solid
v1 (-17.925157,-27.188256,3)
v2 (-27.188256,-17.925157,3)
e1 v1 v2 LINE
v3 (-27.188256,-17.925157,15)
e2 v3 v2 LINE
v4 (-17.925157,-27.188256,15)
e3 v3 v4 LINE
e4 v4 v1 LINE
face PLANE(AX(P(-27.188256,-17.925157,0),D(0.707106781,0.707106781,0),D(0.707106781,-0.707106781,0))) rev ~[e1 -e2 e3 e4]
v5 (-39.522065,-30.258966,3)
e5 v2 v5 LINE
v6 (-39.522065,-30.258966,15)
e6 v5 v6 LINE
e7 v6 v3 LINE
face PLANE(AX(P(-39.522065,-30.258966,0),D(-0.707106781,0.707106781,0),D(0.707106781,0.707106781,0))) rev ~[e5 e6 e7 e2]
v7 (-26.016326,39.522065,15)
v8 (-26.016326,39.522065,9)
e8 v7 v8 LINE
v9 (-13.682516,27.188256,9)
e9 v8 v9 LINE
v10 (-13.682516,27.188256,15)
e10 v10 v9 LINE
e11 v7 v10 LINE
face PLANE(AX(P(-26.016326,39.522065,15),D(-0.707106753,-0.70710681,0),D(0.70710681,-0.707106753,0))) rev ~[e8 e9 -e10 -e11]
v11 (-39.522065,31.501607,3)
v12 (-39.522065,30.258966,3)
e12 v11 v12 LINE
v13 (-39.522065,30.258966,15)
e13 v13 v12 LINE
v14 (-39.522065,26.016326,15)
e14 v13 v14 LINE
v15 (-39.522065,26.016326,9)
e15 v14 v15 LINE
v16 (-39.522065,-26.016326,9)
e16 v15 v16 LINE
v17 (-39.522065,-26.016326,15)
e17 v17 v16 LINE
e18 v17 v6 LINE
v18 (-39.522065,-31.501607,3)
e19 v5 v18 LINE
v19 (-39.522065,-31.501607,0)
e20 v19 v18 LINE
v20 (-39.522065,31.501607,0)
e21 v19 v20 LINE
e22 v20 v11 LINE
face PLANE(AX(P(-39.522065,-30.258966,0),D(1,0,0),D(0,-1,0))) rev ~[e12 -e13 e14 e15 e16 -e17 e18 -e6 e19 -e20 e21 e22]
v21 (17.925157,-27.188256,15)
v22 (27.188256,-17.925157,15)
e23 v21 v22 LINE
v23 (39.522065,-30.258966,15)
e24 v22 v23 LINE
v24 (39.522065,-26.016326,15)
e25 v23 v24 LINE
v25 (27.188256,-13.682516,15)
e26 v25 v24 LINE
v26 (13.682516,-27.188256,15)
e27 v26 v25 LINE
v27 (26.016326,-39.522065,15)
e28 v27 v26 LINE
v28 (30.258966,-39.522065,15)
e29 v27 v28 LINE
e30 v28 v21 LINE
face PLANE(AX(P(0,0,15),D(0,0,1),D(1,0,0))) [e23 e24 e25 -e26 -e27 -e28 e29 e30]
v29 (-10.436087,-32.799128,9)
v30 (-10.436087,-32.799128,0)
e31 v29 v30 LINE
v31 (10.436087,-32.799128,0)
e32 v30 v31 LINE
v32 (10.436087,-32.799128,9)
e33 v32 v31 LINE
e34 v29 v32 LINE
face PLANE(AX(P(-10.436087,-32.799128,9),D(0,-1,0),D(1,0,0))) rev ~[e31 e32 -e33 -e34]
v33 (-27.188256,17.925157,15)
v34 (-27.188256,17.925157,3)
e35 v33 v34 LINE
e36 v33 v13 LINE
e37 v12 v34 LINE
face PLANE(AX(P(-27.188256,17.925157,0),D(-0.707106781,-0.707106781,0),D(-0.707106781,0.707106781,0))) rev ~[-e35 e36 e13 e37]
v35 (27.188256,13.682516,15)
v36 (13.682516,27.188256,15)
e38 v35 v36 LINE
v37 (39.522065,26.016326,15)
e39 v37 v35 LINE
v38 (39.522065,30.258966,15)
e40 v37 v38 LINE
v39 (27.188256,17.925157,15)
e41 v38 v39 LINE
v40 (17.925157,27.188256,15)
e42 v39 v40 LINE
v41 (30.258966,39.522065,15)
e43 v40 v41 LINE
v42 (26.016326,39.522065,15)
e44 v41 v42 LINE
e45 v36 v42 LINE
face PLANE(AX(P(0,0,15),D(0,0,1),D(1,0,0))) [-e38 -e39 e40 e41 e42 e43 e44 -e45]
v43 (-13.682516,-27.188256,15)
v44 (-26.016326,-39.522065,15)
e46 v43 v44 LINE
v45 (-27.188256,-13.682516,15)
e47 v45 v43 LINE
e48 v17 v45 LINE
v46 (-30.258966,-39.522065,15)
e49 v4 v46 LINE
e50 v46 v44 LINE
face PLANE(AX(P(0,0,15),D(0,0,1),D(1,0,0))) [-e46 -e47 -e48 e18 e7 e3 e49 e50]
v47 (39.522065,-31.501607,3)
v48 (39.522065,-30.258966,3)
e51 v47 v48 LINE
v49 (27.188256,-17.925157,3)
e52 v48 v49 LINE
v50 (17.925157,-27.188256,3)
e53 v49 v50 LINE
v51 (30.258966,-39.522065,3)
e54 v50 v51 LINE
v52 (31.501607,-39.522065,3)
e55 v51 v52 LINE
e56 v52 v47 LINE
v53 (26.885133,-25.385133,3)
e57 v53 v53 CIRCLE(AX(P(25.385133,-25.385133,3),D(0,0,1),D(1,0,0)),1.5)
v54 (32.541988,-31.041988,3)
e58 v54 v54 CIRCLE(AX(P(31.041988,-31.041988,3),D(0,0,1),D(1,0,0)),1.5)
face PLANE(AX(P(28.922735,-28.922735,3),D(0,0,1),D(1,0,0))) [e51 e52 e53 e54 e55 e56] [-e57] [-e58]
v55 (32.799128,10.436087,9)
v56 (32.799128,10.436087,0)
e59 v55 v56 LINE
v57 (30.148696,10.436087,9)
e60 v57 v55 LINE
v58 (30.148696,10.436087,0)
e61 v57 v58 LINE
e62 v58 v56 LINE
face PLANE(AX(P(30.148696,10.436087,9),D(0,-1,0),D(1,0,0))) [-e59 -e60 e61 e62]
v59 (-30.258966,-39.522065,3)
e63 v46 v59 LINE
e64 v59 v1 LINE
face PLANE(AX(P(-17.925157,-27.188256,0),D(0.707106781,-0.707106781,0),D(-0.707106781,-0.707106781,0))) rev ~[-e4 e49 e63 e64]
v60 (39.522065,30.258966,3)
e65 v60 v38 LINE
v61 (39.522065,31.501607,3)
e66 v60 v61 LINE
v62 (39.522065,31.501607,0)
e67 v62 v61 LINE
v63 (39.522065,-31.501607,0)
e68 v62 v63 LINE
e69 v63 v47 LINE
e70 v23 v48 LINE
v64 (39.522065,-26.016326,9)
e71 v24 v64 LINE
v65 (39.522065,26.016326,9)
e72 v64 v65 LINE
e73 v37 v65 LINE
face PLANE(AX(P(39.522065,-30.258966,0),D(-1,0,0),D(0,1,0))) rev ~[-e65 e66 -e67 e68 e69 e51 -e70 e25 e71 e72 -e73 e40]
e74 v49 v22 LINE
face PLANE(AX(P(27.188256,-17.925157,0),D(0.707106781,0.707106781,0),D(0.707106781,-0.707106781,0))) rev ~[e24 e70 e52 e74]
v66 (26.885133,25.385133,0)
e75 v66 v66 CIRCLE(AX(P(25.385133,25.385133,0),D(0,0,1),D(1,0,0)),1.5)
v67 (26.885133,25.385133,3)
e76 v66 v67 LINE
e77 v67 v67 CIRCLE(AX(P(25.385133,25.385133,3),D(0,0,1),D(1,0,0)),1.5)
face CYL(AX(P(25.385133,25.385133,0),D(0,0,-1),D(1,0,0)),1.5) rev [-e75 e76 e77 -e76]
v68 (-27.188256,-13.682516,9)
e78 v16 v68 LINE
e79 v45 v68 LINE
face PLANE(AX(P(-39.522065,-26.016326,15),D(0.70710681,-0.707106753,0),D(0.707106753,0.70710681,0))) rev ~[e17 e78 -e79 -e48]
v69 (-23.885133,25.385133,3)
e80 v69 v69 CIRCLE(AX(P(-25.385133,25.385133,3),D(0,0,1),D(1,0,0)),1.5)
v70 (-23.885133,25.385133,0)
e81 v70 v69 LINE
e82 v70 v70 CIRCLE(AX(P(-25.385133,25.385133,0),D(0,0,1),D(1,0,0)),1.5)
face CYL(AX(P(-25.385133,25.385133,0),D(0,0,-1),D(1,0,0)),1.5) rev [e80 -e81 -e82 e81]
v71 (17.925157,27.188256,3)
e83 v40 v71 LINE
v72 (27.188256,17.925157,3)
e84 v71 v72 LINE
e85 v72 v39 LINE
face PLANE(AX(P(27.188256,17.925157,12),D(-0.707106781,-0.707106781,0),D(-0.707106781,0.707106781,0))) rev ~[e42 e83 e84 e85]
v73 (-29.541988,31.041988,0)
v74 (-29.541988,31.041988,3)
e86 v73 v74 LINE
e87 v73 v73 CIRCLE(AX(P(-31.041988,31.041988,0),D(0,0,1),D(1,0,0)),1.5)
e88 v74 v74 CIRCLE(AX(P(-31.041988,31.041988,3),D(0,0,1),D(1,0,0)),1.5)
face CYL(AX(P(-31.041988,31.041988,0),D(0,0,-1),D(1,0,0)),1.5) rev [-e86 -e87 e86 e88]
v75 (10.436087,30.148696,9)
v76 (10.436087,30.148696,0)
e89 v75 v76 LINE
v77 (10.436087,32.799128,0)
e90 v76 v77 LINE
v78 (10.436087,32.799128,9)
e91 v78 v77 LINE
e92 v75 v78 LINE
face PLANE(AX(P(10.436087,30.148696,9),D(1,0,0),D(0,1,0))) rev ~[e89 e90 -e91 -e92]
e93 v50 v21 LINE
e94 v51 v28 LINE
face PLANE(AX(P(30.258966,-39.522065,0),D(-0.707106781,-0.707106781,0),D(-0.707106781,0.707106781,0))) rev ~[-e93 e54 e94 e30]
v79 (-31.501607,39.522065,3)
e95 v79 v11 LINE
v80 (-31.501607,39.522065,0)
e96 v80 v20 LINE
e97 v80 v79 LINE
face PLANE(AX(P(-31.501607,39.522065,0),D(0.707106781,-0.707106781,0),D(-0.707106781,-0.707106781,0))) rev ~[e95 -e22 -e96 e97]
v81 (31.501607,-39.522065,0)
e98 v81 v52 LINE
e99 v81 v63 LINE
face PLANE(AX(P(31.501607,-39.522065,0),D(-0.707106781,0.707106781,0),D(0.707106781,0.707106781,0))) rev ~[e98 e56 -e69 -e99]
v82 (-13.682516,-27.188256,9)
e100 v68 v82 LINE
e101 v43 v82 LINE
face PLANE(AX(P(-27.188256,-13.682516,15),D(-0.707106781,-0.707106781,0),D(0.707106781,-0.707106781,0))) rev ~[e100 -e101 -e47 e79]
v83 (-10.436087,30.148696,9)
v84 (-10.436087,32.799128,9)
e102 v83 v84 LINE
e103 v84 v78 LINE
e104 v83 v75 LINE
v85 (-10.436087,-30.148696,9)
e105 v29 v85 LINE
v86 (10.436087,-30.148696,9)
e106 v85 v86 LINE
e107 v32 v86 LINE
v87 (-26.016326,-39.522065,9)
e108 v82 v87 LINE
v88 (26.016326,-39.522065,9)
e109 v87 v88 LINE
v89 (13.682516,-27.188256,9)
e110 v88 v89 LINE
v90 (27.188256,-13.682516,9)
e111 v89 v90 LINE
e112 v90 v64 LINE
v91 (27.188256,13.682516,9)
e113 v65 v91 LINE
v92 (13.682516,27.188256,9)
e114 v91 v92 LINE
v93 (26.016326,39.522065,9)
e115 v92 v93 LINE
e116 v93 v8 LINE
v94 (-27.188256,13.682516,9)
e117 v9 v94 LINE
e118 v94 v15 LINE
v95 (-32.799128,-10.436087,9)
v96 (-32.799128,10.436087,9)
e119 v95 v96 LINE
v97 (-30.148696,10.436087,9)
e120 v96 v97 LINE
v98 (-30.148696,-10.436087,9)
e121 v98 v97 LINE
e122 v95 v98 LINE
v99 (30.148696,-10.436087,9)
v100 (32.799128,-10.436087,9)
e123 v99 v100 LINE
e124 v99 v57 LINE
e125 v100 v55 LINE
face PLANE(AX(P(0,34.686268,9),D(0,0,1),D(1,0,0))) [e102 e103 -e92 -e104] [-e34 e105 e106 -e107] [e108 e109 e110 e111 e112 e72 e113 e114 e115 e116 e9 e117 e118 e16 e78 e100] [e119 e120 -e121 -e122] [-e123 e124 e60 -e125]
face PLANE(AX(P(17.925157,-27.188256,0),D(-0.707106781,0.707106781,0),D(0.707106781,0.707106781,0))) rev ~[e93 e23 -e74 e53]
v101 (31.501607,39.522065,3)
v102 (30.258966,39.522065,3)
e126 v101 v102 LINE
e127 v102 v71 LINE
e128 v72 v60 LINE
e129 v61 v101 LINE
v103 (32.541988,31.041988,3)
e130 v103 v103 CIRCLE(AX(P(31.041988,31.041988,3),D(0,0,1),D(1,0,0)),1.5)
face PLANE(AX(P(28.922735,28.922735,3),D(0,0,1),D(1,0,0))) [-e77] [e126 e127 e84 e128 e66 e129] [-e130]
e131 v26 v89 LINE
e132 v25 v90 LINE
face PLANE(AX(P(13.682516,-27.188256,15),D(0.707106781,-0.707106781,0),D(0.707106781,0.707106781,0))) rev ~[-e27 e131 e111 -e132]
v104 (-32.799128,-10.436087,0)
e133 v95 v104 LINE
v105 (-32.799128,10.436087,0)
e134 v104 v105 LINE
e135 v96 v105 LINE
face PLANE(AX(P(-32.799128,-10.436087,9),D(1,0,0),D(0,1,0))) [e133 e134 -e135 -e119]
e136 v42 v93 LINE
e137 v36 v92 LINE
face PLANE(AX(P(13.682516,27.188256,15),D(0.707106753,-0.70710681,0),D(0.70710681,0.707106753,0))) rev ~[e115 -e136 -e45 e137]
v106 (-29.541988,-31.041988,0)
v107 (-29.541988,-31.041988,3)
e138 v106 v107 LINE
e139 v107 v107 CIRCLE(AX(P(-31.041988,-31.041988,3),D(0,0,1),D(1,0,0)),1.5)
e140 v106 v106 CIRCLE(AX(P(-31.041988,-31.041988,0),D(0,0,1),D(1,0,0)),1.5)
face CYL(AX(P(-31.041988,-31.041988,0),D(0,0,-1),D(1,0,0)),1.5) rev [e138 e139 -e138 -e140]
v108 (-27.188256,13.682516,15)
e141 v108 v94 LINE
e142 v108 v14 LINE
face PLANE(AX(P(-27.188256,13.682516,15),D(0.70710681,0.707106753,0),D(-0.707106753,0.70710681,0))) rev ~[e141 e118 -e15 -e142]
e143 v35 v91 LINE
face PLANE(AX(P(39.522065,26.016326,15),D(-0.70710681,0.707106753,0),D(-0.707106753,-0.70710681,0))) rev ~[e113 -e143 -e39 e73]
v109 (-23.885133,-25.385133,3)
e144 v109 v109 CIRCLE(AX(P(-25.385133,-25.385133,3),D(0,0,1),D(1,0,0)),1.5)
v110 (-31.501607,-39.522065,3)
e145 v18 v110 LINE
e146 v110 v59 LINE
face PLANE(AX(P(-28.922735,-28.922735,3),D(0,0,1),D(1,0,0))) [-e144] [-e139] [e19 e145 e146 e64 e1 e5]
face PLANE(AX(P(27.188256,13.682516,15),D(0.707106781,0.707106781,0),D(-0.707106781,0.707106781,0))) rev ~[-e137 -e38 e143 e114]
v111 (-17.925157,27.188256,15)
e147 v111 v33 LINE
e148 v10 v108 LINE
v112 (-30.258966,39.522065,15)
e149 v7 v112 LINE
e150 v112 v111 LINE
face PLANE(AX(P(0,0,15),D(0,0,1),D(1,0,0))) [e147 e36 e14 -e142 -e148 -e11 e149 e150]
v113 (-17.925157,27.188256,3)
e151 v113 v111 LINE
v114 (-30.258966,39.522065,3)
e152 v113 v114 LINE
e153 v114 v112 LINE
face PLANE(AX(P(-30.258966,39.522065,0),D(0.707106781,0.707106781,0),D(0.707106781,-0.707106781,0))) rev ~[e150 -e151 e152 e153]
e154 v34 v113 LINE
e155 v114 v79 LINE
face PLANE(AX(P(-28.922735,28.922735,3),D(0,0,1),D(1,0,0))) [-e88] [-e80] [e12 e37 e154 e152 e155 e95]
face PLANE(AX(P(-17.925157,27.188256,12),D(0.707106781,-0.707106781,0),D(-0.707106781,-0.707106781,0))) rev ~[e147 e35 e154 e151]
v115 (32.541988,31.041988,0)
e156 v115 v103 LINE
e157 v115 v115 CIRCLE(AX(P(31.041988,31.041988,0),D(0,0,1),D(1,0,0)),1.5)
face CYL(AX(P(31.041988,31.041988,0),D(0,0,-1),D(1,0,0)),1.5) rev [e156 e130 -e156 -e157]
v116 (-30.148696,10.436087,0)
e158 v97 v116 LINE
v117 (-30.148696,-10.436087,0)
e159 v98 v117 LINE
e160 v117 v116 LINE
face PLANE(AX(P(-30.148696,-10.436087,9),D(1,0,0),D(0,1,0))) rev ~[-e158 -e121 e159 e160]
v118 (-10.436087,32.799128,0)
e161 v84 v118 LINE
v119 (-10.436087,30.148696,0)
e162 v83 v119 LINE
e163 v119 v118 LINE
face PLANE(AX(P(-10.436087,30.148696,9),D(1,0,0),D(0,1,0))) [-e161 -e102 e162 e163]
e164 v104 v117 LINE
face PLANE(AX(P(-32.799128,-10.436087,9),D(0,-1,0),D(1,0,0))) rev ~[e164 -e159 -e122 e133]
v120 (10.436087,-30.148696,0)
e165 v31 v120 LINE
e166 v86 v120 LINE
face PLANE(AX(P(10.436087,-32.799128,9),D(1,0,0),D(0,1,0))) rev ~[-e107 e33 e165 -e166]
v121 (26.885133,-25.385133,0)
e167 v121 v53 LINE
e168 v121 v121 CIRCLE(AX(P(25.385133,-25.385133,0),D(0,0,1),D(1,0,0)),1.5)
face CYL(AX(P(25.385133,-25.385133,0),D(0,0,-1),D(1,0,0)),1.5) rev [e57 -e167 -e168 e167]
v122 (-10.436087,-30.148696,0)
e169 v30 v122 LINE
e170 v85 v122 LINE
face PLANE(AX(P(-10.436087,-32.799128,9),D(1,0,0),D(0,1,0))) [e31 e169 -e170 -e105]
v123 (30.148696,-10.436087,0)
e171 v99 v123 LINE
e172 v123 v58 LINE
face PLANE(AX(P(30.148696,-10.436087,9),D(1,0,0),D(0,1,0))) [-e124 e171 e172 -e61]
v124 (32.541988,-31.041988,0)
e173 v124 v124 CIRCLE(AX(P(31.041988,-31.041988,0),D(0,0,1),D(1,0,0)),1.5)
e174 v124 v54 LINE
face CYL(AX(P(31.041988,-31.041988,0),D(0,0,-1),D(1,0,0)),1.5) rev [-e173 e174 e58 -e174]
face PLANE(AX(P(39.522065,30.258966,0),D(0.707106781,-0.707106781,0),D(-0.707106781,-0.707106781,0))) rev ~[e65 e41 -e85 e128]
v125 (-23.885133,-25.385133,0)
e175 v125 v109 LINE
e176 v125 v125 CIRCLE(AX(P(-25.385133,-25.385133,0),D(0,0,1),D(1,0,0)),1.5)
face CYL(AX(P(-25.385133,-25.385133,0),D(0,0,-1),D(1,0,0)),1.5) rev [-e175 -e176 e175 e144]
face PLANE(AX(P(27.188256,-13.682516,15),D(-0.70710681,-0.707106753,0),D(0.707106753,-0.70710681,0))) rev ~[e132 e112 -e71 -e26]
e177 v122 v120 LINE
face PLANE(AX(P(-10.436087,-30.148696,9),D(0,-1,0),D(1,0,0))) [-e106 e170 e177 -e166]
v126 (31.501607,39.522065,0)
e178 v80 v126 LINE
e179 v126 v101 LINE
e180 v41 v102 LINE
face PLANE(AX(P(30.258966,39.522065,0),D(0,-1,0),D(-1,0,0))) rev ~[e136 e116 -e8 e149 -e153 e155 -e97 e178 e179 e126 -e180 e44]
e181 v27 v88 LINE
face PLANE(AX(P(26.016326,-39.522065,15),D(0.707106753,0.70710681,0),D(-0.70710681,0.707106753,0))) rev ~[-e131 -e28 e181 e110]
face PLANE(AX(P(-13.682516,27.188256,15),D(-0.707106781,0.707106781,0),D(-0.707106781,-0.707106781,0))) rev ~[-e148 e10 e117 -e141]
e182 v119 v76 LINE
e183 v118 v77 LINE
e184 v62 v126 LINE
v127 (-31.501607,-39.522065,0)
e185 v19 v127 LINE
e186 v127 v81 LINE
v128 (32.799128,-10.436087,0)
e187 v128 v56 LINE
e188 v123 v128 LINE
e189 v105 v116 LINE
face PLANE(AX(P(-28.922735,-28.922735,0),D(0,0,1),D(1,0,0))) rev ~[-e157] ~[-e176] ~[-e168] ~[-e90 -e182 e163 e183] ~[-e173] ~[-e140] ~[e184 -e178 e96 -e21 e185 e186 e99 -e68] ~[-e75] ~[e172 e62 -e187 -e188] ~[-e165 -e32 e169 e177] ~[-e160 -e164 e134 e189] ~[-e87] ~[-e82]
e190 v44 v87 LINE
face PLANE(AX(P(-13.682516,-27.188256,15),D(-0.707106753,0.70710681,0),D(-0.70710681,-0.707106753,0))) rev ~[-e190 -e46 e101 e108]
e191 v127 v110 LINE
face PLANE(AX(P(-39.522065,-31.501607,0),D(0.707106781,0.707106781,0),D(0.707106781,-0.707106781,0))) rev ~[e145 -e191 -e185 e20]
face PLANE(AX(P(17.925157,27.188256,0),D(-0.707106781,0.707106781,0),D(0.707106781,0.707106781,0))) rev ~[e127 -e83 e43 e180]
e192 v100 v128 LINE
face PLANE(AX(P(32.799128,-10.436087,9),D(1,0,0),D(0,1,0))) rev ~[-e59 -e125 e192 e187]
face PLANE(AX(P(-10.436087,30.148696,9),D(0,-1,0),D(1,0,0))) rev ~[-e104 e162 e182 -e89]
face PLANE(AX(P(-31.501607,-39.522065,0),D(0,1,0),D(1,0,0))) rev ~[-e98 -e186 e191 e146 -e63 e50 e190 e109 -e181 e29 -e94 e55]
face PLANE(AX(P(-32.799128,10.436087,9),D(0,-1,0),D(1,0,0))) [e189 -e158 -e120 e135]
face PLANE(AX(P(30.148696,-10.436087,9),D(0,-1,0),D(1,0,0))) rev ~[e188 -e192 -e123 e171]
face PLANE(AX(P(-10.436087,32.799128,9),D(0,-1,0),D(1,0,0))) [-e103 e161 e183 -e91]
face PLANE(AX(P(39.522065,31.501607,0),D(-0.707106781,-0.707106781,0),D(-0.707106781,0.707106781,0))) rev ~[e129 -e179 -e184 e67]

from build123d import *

# Parameters (mm, degrees)
F1_DEPTH = 12
F0_R     = 1.5
F2_DEPTH = 3
F4_DEPTH = 6
F5_W     = 20.872174
F5_H     = 2.650432
F5_W_2   = 2.650432
F5_H_2   = 20.872174
F6_DEPTH = 9.001


with BuildPart() as f1:
    # F0 (on Top) → F1 (new body)
    with BuildSketch(Plane.XY):
        Polygon((36.522065, 27.258966), (27.188256, 17.925157), (17.925157, 27.188256), (27.258966, 36.522065), (30.258966, 39.522065), (27.258966, 39.522065), (0, 39.522065), (-27.258966, 39.522065), (-30.258966, 39.522065), (-27.258966, 36.522065), (-17.925157, 27.188256), (-27.188256, 17.925157), (-36.522065, 27.258966), (-39.522065, 30.258966), (-39.522065, 27.258966), (-39.522065, 0), (-39.522065, -27.258966), (-39.522065, -30.258966), (-36.522065, -27.258966), (-27.188256, -17.925157), (-17.925157, -27.188256), (-27.258966, -36.522065), (-30.258966, -39.522065), (-27.258966, -39.522065), (0, -39.522065), (27.258966, -39.522065), (30.258966, -39.522065), (27.258966, -36.522065), (17.925157, -27.188256), (27.188256, -17.925157), (36.522065, -27.258966), (39.522065, -30.258966), (39.522065, -27.258966), (39.522065, 0), (39.522065, 27.258966), (39.522065, 30.258966), align=None)
    extrude(amount=F1_DEPTH)

    # F0 (on Top) + F1_face (on face) → F2 (join)
    with BuildSketch(Plane.XY):
        Polygon((-31.501607, -39.522065), (-30.258966, -39.522065), (-27.258966, -36.522065), (-17.925157, -27.188256), (-27.188256, -17.925157), (-36.522065, -27.258966), (-39.522065, -30.258966), (-39.522065, -31.501607), align=None)
        with Locations((-31.041988, -31.041988)):
            Circle(F0_R, mode=Mode.SUBTRACT)
        with Locations((-25.385133, -25.385133)):
            Circle(F0_R, mode=Mode.SUBTRACT)
        Polygon((-27.258966, 36.522065), (-30.258966, 39.522065), (-31.501607, 39.522065), (-39.522065, 31.501607), (-39.522065, 30.258966), (-36.522065, 27.258966), (-27.188256, 17.925157), (-17.925157, 27.188256), align=None)
        with Locations((-25.385133, 25.385133)):
            Circle(F0_R, mode=Mode.SUBTRACT)
        with Locations((-31.041988, 31.041988)):
            Circle(F0_R, mode=Mode.SUBTRACT)
        Polygon((17.925157, 27.188256), (27.188256, 17.925157), (36.522065, 27.258966), (39.522065, 30.258966), (39.522065, 31.501607), (31.501607, 39.522065), (30.258966, 39.522065), (27.258966, 36.522065), align=None)
        with Locations((25.385133, 25.385133)):
            Circle(F0_R, mode=Mode.SUBTRACT)
        with Locations((31.041988, 31.041988)):
            Circle(F0_R, mode=Mode.SUBTRACT)
        Polygon((39.522065, -31.501607), (39.522065, -30.258966), (36.522065, -27.258966), (27.188256, -17.925157), (17.925157, -27.188256), (27.258966, -36.522065), (30.258966, -39.522065), (31.501607, -39.522065), align=None)
        with Locations((31.041988, -31.041988)):
            Circle(F0_R, mode=Mode.SUBTRACT)
        with Locations((25.385133, -25.385133)):
            Circle(F0_R, mode=Mode.SUBTRACT)
    with BuildSketch(Plane.XY.offset(12)):
        Polygon((27.188256, -17.925157), (39.522065, -30.258966), (39.522065, 30.258966), (27.188256, 17.925157), (17.925157, 27.188256), (30.258966, 39.522065), (-30.258966, 39.522065), (-17.925157, 27.188256), (-27.188256, 17.925157), (-39.522065, 30.258966), (-39.522065, -30.258966), (-27.188256, -17.925157), (-17.925157, -27.188256), (-30.258966, -39.522065), (30.258966, -39.522065), (17.925157, -27.188256), align=None)
    extrude(amount=F2_DEPTH)

    # F3 (on face) → F4 (cut)
    with BuildSketch(Plane.XY.offset(15)):
        Polygon((-26.016326, 39.522065), (-13.682516, 27.188256), (13.682516, 27.188256), (26.016326, 39.522065), align=None)
        Polygon((13.682516, 27.188256), (-13.682516, 27.188256), (-27.188256, 13.682516), (-27.188256, 0), (-27.188256, -13.682516), (-13.682516, -27.188256), (13.682516, -27.188256), (27.188256, -13.682516), (27.188256, 0), (27.188256, 13.682516), align=None)
        Polygon((-27.188256, 0), (-27.188256, 13.682516), (-39.522065, 26.016326), (-39.522065, 0), (-39.522065, -26.016326), (-27.188256, -13.682516), align=None)
        Polygon((39.522065, 26.016326), (27.188256, 13.682516), (27.188256, 0), (27.188256, -13.682516), (39.522065, -26.016326), (39.522065, 0), align=None)
        Polygon((13.682516, -27.188256), (-13.682516, -27.188256), (-26.016326, -39.522065), (26.016326, -39.522065), align=None)
    extrude(amount=-F4_DEPTH, mode=Mode.SUBTRACT)

    # F5 (on face) → F6 (cut, through all)
    with BuildSketch(Plane.XY.offset(9)):
        with Locations((0, 31.473912)):
            Rectangle(F5_W, F5_H)
        with Locations((-31.473912, 0)):
            Rectangle(F5_W_2, F5_H_2)
        with Locations((0, -31.473912)):
            Rectangle(F5_W, F5_H)
        with Locations((31.473912, 0)):
            Rectangle(F5_W_2, F5_H_2)
    extrude(amount=-F6_DEPTH, mode=Mode.SUBTRACT)


solid = f1.part
